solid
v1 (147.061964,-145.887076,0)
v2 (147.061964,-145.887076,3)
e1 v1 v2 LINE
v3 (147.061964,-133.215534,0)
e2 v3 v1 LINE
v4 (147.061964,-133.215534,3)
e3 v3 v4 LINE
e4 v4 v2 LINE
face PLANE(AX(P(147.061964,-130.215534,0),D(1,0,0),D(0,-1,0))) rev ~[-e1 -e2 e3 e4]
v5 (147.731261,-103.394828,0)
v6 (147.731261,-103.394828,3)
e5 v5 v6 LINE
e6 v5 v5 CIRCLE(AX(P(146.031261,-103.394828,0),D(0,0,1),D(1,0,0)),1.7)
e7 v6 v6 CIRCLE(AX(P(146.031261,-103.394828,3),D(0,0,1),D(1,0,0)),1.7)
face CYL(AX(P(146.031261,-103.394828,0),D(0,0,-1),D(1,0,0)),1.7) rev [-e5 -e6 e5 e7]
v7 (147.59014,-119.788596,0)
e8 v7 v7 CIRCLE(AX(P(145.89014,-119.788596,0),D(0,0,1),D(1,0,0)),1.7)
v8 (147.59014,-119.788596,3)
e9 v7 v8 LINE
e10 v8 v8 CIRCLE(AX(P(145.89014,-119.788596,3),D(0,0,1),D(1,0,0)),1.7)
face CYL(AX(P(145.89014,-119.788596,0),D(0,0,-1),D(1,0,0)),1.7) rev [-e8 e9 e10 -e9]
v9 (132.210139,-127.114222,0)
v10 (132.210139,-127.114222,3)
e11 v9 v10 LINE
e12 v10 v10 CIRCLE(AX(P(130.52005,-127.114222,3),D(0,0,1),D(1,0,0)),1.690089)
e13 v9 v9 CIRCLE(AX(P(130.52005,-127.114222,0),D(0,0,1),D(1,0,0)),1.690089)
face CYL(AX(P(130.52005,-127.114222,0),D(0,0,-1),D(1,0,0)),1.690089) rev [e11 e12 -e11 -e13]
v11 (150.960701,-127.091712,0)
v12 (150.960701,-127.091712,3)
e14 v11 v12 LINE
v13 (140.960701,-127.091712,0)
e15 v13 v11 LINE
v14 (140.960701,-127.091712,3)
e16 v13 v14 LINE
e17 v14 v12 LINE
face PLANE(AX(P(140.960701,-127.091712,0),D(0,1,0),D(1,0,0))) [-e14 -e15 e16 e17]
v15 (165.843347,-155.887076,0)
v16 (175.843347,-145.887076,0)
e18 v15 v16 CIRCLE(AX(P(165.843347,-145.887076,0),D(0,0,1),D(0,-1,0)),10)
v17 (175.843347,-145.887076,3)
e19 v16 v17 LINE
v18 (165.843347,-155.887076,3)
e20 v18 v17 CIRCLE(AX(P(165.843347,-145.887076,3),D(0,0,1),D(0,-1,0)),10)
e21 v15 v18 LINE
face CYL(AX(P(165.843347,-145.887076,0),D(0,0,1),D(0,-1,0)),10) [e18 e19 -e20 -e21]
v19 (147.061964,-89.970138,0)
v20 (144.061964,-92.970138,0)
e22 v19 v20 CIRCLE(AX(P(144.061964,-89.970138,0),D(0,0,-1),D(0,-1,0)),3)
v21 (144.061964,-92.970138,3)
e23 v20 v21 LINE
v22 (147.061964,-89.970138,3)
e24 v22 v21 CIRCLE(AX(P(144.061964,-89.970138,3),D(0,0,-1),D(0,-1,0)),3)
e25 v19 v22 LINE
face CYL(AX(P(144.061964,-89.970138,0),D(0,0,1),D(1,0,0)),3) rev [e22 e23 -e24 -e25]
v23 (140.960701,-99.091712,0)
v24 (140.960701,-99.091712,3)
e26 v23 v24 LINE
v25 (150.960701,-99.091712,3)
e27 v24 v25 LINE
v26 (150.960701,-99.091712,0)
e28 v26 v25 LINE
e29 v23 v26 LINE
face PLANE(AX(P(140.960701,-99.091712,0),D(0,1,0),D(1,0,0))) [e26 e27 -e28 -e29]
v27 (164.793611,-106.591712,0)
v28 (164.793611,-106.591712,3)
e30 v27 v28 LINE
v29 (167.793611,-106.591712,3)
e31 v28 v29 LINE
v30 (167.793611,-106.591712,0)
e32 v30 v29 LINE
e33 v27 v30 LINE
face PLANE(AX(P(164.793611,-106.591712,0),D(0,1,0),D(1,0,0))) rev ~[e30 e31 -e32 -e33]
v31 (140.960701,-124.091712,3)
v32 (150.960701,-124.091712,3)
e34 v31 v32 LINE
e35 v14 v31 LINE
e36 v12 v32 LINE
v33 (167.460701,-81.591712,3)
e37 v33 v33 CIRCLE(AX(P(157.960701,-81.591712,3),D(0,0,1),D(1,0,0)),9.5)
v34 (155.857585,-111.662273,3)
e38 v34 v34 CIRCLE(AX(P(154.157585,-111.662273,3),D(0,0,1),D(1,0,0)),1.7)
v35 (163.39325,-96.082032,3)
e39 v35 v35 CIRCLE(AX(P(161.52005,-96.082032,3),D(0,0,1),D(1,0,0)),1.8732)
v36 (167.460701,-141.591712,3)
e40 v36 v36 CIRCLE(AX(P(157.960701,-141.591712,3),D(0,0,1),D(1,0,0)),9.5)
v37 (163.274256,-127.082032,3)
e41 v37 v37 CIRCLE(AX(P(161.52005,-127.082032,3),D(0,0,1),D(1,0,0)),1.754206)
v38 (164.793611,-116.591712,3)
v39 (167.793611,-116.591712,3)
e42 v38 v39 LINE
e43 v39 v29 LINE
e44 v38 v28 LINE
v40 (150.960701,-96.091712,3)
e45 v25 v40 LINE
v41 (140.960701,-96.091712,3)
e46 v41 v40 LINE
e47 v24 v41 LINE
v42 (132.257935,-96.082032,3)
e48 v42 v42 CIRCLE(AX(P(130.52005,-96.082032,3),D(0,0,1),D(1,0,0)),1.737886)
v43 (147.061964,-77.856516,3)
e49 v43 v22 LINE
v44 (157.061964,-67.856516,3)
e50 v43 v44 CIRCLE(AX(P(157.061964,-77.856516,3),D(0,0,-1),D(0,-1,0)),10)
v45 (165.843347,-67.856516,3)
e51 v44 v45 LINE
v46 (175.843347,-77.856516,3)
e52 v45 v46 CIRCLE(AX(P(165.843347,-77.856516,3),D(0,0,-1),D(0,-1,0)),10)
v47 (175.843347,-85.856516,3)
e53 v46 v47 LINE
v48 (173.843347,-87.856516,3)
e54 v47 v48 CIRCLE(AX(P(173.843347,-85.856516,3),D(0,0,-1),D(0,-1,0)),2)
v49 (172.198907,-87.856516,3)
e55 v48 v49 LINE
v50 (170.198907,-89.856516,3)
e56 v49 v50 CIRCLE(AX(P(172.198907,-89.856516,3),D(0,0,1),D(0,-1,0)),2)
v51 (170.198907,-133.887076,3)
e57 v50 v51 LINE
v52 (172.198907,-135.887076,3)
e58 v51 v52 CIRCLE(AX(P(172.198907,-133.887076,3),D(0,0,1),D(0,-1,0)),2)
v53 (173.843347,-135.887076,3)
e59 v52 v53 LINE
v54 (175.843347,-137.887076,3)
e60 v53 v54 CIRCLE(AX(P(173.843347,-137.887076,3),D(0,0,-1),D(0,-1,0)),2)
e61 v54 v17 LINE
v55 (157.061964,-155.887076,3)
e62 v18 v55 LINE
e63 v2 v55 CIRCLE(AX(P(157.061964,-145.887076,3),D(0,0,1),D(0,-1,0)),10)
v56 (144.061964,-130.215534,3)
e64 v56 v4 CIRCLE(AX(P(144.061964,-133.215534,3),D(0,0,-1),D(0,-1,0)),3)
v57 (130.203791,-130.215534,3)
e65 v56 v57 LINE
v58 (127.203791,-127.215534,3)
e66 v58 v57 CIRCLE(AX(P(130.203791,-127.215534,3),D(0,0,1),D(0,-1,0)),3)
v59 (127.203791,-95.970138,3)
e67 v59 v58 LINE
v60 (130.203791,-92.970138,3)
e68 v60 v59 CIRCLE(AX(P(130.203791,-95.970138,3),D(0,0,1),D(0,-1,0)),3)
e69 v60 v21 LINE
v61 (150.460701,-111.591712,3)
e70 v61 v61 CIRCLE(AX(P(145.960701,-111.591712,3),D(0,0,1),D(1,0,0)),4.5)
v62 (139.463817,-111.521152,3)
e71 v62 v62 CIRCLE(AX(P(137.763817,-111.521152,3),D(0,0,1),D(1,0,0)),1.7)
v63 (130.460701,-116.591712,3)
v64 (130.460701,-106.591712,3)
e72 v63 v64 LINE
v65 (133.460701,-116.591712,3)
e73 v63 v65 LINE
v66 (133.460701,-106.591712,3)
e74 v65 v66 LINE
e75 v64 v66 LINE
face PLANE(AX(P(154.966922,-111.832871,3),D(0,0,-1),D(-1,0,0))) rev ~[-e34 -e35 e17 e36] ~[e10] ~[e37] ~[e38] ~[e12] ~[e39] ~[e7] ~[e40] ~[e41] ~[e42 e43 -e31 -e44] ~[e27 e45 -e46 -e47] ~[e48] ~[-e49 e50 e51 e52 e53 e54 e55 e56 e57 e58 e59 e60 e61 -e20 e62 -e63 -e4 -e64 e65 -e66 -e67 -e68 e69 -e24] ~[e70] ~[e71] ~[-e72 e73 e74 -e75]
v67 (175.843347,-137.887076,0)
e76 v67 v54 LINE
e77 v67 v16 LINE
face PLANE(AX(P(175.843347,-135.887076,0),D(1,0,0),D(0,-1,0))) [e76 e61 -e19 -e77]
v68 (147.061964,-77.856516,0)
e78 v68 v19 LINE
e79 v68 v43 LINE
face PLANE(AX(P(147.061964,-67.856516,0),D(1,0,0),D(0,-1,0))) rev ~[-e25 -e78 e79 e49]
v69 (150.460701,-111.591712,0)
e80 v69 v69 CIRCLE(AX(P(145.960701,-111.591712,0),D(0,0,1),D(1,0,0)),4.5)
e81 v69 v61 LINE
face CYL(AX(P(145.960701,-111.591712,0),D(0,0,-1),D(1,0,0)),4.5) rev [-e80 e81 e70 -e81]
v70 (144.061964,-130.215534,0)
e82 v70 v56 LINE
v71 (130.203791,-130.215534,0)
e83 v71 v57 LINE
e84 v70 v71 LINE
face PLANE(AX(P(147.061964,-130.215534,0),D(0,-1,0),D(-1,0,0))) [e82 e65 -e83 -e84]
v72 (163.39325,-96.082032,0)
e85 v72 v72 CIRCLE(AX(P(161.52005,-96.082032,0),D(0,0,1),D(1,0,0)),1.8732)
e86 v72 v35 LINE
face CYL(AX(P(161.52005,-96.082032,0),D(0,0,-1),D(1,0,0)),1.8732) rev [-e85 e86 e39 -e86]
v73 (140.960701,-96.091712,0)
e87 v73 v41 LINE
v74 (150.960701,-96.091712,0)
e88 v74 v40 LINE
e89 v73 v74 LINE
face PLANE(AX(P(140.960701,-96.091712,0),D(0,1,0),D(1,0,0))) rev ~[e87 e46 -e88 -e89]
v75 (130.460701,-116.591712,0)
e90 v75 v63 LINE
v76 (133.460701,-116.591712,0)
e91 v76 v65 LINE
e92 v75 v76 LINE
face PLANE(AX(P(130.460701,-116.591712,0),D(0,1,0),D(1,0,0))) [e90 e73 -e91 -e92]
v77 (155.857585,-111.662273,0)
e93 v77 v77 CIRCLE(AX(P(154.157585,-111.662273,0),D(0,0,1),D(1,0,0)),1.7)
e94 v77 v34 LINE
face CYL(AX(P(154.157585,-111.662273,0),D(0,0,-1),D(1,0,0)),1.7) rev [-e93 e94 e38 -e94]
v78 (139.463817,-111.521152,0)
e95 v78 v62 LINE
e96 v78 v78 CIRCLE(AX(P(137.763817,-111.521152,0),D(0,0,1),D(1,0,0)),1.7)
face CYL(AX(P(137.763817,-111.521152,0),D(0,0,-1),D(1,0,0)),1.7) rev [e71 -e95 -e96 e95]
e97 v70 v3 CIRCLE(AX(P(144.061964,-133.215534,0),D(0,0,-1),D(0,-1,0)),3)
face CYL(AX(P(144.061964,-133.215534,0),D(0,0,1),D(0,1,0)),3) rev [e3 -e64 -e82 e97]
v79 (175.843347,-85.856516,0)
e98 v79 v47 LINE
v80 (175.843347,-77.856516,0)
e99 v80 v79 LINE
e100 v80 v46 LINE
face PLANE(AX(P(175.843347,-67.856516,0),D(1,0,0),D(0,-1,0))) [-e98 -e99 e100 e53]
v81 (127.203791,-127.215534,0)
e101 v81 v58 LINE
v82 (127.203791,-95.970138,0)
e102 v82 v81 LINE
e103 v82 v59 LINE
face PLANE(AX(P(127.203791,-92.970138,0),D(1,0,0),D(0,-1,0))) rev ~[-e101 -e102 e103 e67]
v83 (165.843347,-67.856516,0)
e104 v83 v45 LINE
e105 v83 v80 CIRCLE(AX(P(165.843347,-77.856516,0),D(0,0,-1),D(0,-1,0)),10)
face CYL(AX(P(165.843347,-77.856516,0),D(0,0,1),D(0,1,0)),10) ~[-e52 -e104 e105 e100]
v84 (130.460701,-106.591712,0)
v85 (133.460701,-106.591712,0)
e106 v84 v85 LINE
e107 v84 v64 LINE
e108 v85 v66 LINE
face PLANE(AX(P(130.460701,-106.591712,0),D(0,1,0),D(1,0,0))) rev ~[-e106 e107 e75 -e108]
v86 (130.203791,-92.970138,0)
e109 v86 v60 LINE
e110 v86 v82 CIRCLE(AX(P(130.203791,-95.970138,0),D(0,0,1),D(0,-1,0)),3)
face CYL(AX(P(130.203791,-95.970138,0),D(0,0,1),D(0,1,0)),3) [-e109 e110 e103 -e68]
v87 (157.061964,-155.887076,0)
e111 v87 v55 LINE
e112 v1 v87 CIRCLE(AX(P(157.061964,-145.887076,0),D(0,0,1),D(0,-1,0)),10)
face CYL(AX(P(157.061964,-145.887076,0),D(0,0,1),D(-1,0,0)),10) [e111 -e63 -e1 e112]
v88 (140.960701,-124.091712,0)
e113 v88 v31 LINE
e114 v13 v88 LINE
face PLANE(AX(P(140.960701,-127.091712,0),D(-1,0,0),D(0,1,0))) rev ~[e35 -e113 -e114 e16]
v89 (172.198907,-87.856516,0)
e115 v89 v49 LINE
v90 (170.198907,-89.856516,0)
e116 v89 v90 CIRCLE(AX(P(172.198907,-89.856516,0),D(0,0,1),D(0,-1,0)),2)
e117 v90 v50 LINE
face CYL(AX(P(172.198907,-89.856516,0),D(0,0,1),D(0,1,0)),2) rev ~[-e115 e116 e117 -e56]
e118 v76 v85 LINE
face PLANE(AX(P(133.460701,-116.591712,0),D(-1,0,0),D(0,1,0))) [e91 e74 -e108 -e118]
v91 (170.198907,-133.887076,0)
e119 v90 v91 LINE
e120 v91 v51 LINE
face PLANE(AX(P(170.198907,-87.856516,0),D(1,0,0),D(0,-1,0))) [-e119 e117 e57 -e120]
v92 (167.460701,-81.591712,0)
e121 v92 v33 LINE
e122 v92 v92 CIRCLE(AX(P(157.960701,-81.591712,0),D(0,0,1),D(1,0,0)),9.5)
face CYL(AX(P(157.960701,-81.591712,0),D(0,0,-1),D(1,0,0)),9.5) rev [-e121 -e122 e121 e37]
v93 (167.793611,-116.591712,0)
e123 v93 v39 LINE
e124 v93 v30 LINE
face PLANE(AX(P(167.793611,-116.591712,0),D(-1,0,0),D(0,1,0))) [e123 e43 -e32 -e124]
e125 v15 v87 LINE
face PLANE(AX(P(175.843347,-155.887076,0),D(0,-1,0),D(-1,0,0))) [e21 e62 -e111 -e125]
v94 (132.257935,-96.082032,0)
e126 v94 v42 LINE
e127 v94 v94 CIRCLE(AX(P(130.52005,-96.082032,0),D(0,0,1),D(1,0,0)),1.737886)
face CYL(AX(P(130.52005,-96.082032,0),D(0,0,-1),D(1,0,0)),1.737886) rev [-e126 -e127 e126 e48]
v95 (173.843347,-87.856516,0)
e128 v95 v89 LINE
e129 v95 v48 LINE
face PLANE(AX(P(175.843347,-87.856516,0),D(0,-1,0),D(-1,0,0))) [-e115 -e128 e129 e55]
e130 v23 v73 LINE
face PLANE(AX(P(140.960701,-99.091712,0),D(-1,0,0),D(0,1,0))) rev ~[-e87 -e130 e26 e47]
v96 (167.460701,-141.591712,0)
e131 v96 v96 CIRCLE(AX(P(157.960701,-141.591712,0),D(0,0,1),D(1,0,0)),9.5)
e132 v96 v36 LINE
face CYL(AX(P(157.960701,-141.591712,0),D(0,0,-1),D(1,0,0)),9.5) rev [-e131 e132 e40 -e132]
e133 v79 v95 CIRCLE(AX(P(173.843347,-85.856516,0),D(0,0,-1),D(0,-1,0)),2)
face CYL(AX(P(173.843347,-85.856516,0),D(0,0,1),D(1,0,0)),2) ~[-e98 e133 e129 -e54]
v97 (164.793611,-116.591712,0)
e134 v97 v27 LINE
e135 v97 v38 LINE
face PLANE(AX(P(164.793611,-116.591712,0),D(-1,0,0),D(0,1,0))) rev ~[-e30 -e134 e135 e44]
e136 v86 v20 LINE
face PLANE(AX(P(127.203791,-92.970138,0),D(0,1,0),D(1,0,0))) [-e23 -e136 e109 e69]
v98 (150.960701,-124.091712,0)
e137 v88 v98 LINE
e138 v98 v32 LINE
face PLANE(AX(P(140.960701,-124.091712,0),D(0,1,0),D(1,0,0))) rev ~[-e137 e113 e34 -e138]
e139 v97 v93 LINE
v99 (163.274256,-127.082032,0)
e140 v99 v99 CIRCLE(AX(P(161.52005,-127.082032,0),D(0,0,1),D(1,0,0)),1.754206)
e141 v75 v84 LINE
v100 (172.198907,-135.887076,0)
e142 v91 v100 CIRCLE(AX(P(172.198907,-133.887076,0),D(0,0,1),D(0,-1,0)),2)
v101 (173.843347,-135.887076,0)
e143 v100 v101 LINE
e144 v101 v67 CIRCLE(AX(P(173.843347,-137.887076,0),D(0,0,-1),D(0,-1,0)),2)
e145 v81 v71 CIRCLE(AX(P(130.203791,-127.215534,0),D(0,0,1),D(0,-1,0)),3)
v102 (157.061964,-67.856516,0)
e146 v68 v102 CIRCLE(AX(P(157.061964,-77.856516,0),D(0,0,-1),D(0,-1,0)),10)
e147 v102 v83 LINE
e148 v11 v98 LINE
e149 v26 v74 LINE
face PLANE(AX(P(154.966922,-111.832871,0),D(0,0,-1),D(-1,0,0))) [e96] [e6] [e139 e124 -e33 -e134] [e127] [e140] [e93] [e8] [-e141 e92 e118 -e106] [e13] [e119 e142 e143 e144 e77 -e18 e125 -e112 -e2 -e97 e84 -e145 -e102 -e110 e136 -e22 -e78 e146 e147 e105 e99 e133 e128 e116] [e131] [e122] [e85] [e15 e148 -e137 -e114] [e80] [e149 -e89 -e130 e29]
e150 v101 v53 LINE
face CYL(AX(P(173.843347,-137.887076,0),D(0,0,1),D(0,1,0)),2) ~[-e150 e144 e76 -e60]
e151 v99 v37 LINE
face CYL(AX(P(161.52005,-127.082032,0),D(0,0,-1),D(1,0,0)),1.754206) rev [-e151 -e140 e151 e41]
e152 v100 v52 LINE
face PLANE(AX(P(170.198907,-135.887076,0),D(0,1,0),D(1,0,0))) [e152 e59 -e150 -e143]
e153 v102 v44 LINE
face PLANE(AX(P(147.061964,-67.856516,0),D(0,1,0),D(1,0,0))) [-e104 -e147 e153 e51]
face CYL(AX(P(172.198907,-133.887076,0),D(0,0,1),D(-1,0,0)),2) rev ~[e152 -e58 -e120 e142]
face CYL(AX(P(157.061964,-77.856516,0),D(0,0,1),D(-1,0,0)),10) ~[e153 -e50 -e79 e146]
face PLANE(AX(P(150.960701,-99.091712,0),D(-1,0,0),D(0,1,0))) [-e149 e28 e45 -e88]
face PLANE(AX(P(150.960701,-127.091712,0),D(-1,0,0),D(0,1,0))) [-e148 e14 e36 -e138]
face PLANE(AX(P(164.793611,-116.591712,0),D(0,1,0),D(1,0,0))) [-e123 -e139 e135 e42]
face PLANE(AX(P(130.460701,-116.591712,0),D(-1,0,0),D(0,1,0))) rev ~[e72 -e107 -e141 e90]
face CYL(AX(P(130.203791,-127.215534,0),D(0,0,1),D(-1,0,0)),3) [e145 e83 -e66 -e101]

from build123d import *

# Parameters (mm, degrees)
SKETCH1_R           = 1.737885662
SKETCH1_R_2         = 1.873200063
SKETCH1_R_3         = 1.690089146
SKETCH1_R_4         = 1.754205974
SKETCH1_R_5         = 1.7
SKETCH1_R_6         = 4.5
SKETCH1_R_7         = 9.5
SKETCH1_W           = 3
SKETCH1_H           = 10
SKETCH1_W_2         = 10
SKETCH1_H_2         = 3
BOSS_EXTRUDE1_DEPTH = 3
FILLET1_R           = 10
FILLET2_R           = 3
FILLET3_R           = 2


with BuildPart() as part:
    # Sketch1 → Boss-Extrude1 (new body)
    with BuildSketch(Plane.XY):
        Polygon((147.061964125, -92.970138098), (147.061964125, -71.856515964), (147.061964125, -67.856515964), (175.843347401, -67.856515964), (175.843347401, -87.856515964), (170.198907285, -87.856515964), (170.198907285, -135.887076434), (175.843347401, -135.887076434), (175.843347401, -155.887076434), (147.061964125, -155.887076434), (147.061964125, -151.887076434), (147.061964125, -130.215533927), (127.203791419, -130.215533927), (127.203791419, -111.591712302), (127.203791419, -92.970138098), align=None)
        with Locations((130.520049527, -96.082032258)):
            Circle(SKETCH1_R, mode=Mode.SUBTRACT)
        with Locations((161.520049527, -96.082032258)):
            Circle(SKETCH1_R_2, mode=Mode.SUBTRACT)
        with Locations((130.520049527, -127.114221831)):
            Circle(SKETCH1_R_3, mode=Mode.SUBTRACT)
        with Locations((161.520049527, -127.082032258)):
            Circle(SKETCH1_R_4, mode=Mode.SUBTRACT)
        with Locations((154.157584865, -111.662272701)):
            Circle(SKETCH1_R_5, mode=Mode.SUBTRACT)
        with Locations((145.89014032, -119.788596448)):
            Circle(SKETCH1_R_5, mode=Mode.SUBTRACT)
        with Locations((137.763816574, -111.521151903)):
            Circle(SKETCH1_R_5, mode=Mode.SUBTRACT)
        with Locations((146.031261118, -103.394828157)):
            Circle(SKETCH1_R_5, mode=Mode.SUBTRACT)
        with Locations((145.960700719, -111.591712302)):
            Circle(SKETCH1_R_6, mode=Mode.SUBTRACT)
        with Locations((157.960700719, -81.591712302)):
            Circle(SKETCH1_R_7, mode=Mode.SUBTRACT)
        with Locations((157.960700719, -141.591712302)):
            Circle(SKETCH1_R_7, mode=Mode.SUBTRACT)
        with Locations((131.960700719, -111.591712302)):
            Rectangle(SKETCH1_W, SKETCH1_H, mode=Mode.SUBTRACT)
        with Locations((145.960700719, -97.591712302)):
            Rectangle(SKETCH1_W_2, SKETCH1_H_2, mode=Mode.SUBTRACT)
        with Locations((145.960700719, -125.591712302)):
            Rectangle(SKETCH1_W_2, SKETCH1_H_2, mode=Mode.SUBTRACT)
        with Locations((166.293610901, -111.591712302)):
            Rectangle(SKETCH1_W, SKETCH1_H, mode=Mode.SUBTRACT)
    extrude(amount=BOSS_EXTRUDE1_DEPTH)

    # Fillet1
    fillet1_edges = [part.edges().sort_by_distance(p)[0] for p in [
        (147.061964125, -67.856515964, 1.5),
        (175.843347401, -67.856515964, 1.5),
        (175.843347401, -155.887076434, 1.5),
        (147.061964125, -155.887076434, 1.5),
    ]]
    fillet(fillet1_edges, radius=FILLET1_R)

    # Fillet2
    fillet2_edges = [part.edges().sort_by_distance(p)[0] for p in [
        (147.061964125, -130.215533927, 1.5),
        (127.203791419, -130.215533927, 1.5),
        (127.203791419, -92.970138098, 1.5),
        (147.061964125, -92.970138098, 1.5),
    ]]
    fillet(fillet2_edges, radius=FILLET2_R)

    # Fillet3
    fillet3_edges = [part.edges().sort_by_distance(p)[0] for p in [
        (175.843347401, -87.856515964, 1.5),
        (170.198907285, -87.856515964, 1.5),
        (170.198907285, -135.887076434, 1.5),
        (175.843347401, -135.887076434, 1.5),
    ]]
    fillet(fillet3_edges, radius=FILLET3_R)


solid = part.part
